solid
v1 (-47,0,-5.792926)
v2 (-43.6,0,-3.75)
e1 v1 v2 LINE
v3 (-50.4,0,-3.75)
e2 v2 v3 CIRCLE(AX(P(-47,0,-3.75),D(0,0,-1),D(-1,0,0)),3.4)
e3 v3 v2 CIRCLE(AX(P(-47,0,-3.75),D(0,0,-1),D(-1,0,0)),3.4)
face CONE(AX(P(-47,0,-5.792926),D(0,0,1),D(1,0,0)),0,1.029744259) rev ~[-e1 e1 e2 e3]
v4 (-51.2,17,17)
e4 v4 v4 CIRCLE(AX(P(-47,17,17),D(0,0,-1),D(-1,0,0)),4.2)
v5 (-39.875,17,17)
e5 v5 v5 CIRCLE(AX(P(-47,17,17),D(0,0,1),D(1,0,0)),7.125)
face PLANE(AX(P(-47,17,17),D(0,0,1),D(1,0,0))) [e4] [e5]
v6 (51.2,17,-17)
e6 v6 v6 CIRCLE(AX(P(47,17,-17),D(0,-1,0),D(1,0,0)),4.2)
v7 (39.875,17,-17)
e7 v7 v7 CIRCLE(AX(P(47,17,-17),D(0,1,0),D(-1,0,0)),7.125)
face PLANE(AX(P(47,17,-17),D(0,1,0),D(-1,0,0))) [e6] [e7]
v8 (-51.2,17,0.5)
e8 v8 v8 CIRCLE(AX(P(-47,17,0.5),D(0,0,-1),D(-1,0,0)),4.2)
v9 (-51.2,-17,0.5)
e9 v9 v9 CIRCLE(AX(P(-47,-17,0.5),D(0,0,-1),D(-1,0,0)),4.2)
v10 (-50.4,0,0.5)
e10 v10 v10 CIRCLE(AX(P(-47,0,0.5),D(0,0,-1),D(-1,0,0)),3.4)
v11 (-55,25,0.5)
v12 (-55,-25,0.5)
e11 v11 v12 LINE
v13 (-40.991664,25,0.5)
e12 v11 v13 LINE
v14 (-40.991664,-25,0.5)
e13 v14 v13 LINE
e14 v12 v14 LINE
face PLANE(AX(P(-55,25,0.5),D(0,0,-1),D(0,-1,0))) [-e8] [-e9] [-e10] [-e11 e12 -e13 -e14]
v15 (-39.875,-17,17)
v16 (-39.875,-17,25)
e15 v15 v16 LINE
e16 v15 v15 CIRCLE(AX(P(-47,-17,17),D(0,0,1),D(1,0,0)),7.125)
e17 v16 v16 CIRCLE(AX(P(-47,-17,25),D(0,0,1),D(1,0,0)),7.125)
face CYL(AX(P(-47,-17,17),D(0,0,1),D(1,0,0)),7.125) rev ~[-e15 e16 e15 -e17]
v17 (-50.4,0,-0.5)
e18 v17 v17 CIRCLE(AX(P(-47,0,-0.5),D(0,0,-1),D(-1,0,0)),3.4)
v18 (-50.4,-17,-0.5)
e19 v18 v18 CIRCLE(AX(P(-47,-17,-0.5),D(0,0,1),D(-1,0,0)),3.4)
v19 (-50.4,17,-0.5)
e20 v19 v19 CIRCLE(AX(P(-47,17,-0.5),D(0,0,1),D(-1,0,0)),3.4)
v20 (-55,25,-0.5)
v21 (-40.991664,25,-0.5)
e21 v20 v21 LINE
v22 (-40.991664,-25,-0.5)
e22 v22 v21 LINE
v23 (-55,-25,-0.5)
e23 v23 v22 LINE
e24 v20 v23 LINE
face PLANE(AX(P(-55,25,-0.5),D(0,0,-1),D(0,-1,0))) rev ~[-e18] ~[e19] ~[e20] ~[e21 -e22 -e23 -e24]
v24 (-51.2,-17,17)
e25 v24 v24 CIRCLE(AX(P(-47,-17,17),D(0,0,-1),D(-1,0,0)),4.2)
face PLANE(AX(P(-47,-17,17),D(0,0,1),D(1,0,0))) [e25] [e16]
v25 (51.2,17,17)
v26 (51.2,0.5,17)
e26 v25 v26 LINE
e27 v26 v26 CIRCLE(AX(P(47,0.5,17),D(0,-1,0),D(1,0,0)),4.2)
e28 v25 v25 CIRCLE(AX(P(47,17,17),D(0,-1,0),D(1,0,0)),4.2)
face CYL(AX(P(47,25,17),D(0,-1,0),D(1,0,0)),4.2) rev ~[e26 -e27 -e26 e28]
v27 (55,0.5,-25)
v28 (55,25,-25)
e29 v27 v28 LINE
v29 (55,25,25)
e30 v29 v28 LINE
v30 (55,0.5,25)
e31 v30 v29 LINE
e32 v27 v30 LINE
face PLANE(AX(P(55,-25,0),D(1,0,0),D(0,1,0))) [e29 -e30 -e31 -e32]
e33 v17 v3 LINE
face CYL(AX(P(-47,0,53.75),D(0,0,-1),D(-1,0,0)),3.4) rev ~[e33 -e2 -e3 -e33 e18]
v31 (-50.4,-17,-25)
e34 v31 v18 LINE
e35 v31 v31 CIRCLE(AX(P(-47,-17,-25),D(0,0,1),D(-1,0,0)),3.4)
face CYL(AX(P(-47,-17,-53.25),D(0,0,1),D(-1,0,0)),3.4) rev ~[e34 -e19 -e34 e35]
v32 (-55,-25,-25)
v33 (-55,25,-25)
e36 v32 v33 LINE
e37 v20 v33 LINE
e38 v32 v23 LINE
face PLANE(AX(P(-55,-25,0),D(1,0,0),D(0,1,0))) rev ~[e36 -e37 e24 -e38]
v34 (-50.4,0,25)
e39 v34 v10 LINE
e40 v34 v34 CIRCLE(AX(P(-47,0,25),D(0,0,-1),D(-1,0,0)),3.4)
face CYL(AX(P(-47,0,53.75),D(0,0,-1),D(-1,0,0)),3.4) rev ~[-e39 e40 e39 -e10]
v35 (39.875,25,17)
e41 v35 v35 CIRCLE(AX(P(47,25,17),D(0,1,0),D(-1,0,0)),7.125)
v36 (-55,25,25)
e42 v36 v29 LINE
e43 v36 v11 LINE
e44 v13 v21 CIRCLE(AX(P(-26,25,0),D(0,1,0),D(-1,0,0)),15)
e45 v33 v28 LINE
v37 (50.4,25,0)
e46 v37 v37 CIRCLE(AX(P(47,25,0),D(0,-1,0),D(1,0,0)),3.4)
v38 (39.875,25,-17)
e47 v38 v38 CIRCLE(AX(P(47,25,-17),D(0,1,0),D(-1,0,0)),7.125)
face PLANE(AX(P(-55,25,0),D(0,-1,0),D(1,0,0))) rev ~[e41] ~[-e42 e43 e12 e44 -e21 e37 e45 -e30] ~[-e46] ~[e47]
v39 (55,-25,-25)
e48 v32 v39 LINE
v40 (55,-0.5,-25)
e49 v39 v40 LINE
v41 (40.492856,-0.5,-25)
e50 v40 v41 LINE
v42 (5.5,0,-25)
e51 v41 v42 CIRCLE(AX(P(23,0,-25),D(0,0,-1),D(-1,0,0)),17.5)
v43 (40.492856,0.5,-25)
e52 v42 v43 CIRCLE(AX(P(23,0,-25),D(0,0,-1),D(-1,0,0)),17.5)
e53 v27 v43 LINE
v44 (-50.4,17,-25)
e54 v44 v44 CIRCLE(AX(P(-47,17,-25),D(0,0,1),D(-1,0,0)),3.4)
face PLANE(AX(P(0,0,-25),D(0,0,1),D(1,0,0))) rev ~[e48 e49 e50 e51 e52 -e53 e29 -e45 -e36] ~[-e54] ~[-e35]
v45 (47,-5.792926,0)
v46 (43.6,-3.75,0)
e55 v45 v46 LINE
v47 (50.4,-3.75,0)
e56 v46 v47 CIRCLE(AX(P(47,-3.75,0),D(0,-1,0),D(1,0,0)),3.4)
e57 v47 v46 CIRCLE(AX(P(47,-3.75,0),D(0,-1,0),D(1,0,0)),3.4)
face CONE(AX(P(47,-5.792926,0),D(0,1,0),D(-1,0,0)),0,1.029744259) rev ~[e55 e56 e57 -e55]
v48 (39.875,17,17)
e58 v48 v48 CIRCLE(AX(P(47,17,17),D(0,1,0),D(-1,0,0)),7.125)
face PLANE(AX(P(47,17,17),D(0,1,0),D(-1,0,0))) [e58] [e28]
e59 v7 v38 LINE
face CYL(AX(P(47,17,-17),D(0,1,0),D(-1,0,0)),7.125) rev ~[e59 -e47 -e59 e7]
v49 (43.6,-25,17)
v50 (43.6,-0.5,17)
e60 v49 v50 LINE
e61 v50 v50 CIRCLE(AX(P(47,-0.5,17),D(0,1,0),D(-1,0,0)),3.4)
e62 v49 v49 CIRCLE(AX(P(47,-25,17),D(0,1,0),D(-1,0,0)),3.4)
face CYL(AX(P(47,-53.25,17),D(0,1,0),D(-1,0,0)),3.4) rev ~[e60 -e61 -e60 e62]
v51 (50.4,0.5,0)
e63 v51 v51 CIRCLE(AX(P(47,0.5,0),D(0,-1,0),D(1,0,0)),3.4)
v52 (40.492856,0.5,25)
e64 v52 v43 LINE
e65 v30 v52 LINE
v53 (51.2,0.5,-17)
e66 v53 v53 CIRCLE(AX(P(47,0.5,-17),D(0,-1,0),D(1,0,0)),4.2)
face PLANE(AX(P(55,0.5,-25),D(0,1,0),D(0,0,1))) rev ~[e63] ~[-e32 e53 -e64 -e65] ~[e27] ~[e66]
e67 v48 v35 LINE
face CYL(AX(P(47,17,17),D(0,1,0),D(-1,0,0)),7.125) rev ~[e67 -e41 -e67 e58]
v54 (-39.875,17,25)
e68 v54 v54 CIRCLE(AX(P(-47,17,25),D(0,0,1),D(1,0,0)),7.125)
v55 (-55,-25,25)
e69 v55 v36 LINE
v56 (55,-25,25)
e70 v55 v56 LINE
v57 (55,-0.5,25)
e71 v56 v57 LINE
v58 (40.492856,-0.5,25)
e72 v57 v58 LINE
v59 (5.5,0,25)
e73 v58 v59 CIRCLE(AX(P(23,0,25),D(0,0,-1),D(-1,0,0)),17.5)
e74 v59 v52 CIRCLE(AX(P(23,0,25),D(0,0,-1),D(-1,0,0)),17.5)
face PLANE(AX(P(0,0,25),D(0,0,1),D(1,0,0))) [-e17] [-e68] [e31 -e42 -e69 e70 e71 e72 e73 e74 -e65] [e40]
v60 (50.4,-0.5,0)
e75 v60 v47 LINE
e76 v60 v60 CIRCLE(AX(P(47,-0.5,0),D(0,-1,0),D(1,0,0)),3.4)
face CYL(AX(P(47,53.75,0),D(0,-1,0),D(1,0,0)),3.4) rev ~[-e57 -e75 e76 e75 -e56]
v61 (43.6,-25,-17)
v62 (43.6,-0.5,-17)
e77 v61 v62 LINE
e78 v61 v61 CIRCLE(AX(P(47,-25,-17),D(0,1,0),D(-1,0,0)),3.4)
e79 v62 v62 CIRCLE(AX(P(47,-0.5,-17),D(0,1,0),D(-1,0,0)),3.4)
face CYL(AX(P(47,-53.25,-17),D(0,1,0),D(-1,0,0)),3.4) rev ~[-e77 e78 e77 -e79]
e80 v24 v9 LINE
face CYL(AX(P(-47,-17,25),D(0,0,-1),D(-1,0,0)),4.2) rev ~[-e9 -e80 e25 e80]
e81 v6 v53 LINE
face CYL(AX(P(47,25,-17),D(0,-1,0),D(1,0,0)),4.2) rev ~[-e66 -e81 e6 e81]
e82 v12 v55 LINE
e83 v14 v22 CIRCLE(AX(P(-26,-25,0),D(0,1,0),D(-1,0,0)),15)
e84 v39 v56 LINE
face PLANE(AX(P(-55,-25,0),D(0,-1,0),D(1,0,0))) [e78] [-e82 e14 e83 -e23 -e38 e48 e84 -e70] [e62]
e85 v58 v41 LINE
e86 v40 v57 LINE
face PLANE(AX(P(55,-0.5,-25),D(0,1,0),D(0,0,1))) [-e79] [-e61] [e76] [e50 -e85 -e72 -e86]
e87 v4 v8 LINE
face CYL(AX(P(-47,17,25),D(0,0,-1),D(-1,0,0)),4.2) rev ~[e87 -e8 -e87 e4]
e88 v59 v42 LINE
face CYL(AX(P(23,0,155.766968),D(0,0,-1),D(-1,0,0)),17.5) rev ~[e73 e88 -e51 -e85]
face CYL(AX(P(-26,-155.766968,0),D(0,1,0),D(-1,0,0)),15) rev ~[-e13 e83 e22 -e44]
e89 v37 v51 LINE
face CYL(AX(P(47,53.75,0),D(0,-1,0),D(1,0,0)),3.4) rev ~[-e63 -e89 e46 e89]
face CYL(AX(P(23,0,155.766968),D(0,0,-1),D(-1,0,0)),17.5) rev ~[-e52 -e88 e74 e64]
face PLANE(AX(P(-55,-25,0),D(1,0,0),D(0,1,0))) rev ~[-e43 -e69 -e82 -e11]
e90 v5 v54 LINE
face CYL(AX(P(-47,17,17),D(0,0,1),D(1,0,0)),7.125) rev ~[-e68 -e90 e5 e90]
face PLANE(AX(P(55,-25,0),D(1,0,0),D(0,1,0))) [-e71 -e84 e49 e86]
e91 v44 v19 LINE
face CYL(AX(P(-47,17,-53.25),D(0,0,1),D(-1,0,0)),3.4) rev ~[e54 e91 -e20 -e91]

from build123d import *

# Parameters (mm, degrees)
F0_W                 = 110
F0_H                 = 50
F1_DEPTH             = 25
F6_D                 = 30
F7_D                 = 35
F8_D                 = 6.8
F8_DEPTH             = 28.25
F8_TIP               = 2.0429261047
F8_ON_F2_D           = 6.8
F8_ON_F2_DEPTH       = 28.25
F8_ON_F2_TIP         = 2.0429261047
F9_D                 = 8.4
F9_DEPTH             = 25
F9_CBORE_D           = 14.25
F9_CBORE_DEPTH       = 8
F9_TIP               = 2.5236145999
F9_ON_F5_D           = 8.4
F9_ON_F5_DEPTH       = 25
F9_ON_F5_CBORE_D     = 14.25
F9_ON_F5_CBORE_DEPTH = 8
F9_ON_F5_TIP         = 2.5236145999
F11_W                = 50
F11_H                = 1
F12_DEPTH            = 25
F10_W                = 1
F10_H                = 50
F13_DEPTH            = 25.0000003725
F14_D                = 6.8
F14_DEPTH            = 28.75
F14_TIP              = 2.0429261047
F14_ON_F3_D          = 6.8
F14_ON_F3_DEPTH      = 28.75
F14_ON_F3_TIP        = 2.0429261047


with BuildPart() as f1:
    # F0 (on Top) → F1 (new body, symmetric)
    with BuildSketch(Plane.XY):
        Rectangle(F0_W, F0_H)
    extrude(amount=F1_DEPTH, both=True)

    # F6 (through all)
    with Locations(Plane.XZ.offset(25)):
        with Locations((-26, 0)):
            Hole(F6_D / 2)

    # F7 (through all)
    with Locations(Plane.XY.offset(25)):
        with Locations((23, 0)):
            Hole(F7_D / 2)

    # F8
    with Locations(Plane(origin=(0, 0, -25), x_dir=(1, 0, 0), z_dir=(0, 0, -1))):
        with Locations((-47, -17), (-47, 17)):
            Hole(F8_D / 2, depth=F8_DEPTH)
            with Locations((0, 0, -(F8_DEPTH + F8_TIP / 2))):  # 118° drill point
                Cone(0, F8_D / 2, F8_TIP, mode=Mode.SUBTRACT)

    # F8 on F2
    with Locations(Plane.XZ.offset(25)):
        with Locations((47, 17), (47, -17)):
            Hole(F8_ON_F2_D / 2, depth=F8_ON_F2_DEPTH)
            with Locations((0, 0, -(F8_ON_F2_DEPTH + F8_ON_F2_TIP / 2))):  # 118° drill point
                Cone(0, F8_ON_F2_D / 2, F8_ON_F2_TIP, mode=Mode.SUBTRACT)

    # F9
    with Locations(Plane.XY.offset(25)):
        with Locations((-47, 17), (-47, -17)):
            CounterBoreHole(F9_D / 2, F9_CBORE_D / 2, F9_CBORE_DEPTH, depth=F9_DEPTH)
            with Locations((0, 0, -(F9_DEPTH + F9_TIP / 2))):  # 118° drill point
                Cone(0, F9_D / 2, F9_TIP, mode=Mode.SUBTRACT)

    # F9 on F5
    with Locations(Plane(origin=(0, 25, 0), x_dir=(-1, 0, 0), z_dir=(0, 1, 0))):
        with Locations((-47, 17), (-47, -17)):
            CounterBoreHole(F9_ON_F5_D / 2, F9_ON_F5_CBORE_D / 2, F9_ON_F5_CBORE_DEPTH, depth=F9_ON_F5_DEPTH)
            with Locations((0, 0, -(F9_ON_F5_DEPTH + F9_ON_F5_TIP / 2))):  # 118° drill point
                Cone(0, F9_ON_F5_D / 2, F9_ON_F5_TIP, mode=Mode.SUBTRACT)

    # F11 (on face) → F12 (cut)
    with BuildSketch(Plane(origin=(-55, 0, 0), x_dir=(0, -1, 0), z_dir=(-1, 0, 0))):
        Rectangle(F11_W, F11_H)
    extrude(amount=-F12_DEPTH, mode=Mode.SUBTRACT)

    # F10 (on face) → F13 (cut)
    with BuildSketch(Plane.YZ.offset(55)):
        Rectangle(F10_W, F10_H)
    extrude(amount=-F13_DEPTH, mode=Mode.SUBTRACT)

    # F14
    with Locations(Plane(origin=(0, 25, 0), x_dir=(-1, 0, 0), z_dir=(0, 1, 0))):
        with Locations((-47, 0)):
            Hole(F14_D / 2, depth=F14_DEPTH)
            with Locations((0, 0, -(F14_DEPTH + F14_TIP / 2))):  # 118° drill point
                Cone(0, F14_D / 2, F14_TIP, mode=Mode.SUBTRACT)

    # F14 on F3
    with Locations(Plane.XY.offset(25)):
        with Locations((-47, 0)):
            Hole(F14_ON_F3_D / 2, depth=F14_ON_F3_DEPTH)
            with Locations((0, 0, -(F14_ON_F3_DEPTH + F14_ON_F3_TIP / 2))):  # 118° drill point
                Cone(0, F14_ON_F3_D / 2, F14_ON_F3_TIP, mode=Mode.SUBTRACT)


solid = f1.part
